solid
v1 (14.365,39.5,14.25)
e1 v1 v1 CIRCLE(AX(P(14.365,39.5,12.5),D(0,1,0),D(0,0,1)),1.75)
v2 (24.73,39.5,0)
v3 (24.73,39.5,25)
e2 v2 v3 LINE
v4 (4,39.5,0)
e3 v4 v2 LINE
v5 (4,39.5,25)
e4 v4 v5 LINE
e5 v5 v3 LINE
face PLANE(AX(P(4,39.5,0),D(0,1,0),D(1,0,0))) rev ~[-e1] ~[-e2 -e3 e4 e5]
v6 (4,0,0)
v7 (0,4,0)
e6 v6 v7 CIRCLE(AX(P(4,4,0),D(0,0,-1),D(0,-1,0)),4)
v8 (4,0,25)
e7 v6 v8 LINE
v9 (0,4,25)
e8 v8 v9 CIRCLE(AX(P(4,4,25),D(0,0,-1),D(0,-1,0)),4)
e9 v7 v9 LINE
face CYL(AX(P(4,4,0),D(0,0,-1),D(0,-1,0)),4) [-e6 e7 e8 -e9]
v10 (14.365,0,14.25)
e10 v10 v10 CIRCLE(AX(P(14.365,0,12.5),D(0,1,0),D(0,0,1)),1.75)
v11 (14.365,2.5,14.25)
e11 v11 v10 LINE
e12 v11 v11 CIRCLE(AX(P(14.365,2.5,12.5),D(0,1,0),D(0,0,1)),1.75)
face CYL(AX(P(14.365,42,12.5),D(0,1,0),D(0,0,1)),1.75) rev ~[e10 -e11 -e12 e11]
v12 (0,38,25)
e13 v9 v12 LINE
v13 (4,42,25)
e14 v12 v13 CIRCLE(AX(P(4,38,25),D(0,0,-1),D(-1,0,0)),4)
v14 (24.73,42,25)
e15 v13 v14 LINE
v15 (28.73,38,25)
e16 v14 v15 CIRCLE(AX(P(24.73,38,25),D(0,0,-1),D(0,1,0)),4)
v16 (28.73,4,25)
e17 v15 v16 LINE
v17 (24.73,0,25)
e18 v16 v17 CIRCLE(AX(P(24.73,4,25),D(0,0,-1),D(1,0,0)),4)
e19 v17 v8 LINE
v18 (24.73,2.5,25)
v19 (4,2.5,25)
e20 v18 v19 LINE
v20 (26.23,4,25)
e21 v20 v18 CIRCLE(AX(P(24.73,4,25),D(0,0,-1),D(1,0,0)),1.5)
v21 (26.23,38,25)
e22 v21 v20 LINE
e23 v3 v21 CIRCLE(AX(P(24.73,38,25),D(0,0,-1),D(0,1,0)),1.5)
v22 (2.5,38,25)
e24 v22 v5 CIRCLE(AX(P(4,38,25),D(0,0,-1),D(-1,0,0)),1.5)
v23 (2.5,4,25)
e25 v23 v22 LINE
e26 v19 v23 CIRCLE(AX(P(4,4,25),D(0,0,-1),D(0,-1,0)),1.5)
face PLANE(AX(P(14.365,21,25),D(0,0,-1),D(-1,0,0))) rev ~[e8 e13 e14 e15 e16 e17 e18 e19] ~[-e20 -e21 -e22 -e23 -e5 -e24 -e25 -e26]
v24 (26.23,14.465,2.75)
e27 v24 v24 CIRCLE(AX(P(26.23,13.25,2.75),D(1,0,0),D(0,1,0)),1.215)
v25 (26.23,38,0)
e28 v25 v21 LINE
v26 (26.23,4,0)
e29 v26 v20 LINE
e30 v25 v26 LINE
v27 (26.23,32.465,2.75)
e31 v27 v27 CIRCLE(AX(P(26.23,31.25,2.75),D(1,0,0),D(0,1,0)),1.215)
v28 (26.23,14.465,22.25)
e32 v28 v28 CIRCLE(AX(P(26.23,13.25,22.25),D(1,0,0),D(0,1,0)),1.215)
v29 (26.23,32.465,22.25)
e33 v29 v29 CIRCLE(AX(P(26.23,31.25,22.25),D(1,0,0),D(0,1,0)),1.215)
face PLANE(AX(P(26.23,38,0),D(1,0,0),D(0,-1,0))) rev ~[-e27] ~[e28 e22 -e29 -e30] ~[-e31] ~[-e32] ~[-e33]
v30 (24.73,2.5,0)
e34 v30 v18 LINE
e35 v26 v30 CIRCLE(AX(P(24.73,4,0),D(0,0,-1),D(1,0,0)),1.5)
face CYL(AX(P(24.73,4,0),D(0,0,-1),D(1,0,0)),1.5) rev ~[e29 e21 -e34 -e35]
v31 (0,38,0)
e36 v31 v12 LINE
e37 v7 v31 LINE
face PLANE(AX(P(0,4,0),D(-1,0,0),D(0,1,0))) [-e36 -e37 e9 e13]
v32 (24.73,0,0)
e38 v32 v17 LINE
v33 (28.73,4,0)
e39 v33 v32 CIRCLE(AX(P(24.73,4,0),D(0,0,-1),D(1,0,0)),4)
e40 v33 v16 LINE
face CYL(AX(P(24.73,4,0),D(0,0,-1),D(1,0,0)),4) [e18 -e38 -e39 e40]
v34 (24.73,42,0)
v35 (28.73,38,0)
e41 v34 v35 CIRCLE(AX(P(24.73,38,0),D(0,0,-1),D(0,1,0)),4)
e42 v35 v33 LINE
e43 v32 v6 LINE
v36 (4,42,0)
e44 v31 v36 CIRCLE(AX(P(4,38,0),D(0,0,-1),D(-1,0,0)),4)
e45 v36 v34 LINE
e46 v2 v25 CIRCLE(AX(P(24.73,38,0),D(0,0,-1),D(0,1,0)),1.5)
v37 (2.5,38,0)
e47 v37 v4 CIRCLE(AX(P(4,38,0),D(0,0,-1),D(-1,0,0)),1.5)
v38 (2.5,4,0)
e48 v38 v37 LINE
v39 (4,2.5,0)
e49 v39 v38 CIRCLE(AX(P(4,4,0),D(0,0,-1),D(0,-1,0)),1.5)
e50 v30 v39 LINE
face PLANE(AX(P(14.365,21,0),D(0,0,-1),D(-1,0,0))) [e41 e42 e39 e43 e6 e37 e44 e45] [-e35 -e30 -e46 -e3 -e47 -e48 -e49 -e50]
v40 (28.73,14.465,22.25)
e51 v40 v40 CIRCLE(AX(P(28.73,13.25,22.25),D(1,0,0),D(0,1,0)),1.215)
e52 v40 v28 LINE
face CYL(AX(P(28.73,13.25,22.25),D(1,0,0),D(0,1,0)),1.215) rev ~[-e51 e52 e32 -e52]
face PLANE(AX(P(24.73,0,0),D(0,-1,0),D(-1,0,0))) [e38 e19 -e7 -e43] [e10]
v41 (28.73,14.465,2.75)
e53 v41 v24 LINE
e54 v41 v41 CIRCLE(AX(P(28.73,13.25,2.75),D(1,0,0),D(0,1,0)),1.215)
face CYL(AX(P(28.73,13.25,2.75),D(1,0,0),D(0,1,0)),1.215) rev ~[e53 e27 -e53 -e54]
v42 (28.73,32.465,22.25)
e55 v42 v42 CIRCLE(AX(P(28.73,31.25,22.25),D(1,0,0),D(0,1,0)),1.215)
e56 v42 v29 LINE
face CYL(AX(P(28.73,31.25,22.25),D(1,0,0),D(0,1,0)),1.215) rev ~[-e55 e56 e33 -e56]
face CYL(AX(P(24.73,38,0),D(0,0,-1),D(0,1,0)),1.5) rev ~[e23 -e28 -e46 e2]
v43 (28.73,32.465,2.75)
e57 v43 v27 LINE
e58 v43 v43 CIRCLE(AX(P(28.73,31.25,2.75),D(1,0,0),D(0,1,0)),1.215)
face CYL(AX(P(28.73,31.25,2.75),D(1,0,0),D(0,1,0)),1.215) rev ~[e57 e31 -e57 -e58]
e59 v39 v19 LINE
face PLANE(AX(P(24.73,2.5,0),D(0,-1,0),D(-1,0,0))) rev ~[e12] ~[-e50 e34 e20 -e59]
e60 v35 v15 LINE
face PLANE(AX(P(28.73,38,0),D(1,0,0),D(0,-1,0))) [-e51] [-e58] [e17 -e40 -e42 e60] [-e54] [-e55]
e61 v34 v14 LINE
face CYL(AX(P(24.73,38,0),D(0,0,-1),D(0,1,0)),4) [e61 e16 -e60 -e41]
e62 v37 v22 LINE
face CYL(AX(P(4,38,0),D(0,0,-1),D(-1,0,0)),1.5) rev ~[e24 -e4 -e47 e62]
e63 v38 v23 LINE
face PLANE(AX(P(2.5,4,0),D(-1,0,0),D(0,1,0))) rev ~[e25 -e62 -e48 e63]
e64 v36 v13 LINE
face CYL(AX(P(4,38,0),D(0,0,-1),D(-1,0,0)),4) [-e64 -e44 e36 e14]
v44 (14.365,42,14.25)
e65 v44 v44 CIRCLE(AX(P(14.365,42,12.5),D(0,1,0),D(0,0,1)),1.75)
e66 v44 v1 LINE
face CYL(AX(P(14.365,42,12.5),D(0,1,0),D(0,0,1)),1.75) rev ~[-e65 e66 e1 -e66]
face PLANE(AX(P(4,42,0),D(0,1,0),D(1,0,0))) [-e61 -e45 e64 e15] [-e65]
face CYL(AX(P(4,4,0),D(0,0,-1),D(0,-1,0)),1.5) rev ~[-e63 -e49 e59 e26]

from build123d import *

# Parameters (mm, degrees)
BOSS_EXTRUDE1_DEPTH  = 25
SHELL1_T             = -2.5
SKETCH2_R            = 1.75
CUT_EXTRUDE1_DEPTH   = 57.695792613
SKETCH3_R            = 1.215
CUT_EXTRUDE2_DEPTH   = 2.5
LPATTERN1_COUNT      = 2
LPATTERN1_PITCH      = 18
LPATTERN1_COUNT_DIR2 = 2
LPATTERN1_PITCH_DIR2 = 19.5


with BuildPart() as part:
    # Sketch1 → Boss-Extrude1 (new body)
    with BuildSketch(Plane.XY):
        with BuildLine():
            Line((0, 4), (0, 38))
            ThreePointArc((0, 38), (1.171572875, 40.828427125), (4, 42))
            Line((4, 42), (24.73, 42))
            ThreePointArc((24.73, 42), (27.558427125, 40.828427125), (28.73, 38))
            Line((28.73, 38), (28.73, 4))
            ThreePointArc((28.73, 4), (27.558427125, 1.171572875), (24.73, 0))
            Line((24.73, 0), (4, 0))
            ThreePointArc((4, 0), (1.171572875, 1.171572875), (0, 4))
        make_face()
    extrude(amount=BOSS_EXTRUDE1_DEPTH)

    # Shell1
    shell1_openings = [part.faces().sort_by_distance(p)[0] for p in [
        (14.365, 21, 25),
        (14.365, 21, 0),
    ]]
    offset(amount=SHELL1_T, openings=shell1_openings, kind=Kind.INTERSECTION)

    # Sketch2 → Cut-Extrude1 (cut, through all)
    with BuildSketch(Plane(origin=(0, 42, 0), x_dir=(1, 0, 0), z_dir=(0, 1, 0))):
        with Locations(Location((14.365, -12.5, 0), (0, 0, 270))):
            Circle(SKETCH2_R)
    extrude(amount=-CUT_EXTRUDE1_DEPTH, mode=Mode.SUBTRACT)

    # Sketch3 → Cut-Extrude2 (cut)
    with BuildSketch(Plane(origin=(28.73, 0, 0), x_dir=(0, 0, -1), z_dir=(1, 0, 0))):
        with Locations(Location((-22.25, 31.25, 0), (0, 0, 90))):
            Circle(SKETCH3_R)
    cut_extrude2 = extrude(amount=-CUT_EXTRUDE2_DEPTH, mode=Mode.SUBTRACT)

    # LPattern1: Cut-Extrude2 2 × 2
    with Locations(*[(0, -i * LPATTERN1_PITCH, -j * LPATTERN1_PITCH_DIR2) for i in range(LPATTERN1_COUNT) for j in range(LPATTERN1_COUNT_DIR2) if (i, j) != (0, 0)]):
        add(cut_extrude2, mode=Mode.SUBTRACT)


solid = part.part
